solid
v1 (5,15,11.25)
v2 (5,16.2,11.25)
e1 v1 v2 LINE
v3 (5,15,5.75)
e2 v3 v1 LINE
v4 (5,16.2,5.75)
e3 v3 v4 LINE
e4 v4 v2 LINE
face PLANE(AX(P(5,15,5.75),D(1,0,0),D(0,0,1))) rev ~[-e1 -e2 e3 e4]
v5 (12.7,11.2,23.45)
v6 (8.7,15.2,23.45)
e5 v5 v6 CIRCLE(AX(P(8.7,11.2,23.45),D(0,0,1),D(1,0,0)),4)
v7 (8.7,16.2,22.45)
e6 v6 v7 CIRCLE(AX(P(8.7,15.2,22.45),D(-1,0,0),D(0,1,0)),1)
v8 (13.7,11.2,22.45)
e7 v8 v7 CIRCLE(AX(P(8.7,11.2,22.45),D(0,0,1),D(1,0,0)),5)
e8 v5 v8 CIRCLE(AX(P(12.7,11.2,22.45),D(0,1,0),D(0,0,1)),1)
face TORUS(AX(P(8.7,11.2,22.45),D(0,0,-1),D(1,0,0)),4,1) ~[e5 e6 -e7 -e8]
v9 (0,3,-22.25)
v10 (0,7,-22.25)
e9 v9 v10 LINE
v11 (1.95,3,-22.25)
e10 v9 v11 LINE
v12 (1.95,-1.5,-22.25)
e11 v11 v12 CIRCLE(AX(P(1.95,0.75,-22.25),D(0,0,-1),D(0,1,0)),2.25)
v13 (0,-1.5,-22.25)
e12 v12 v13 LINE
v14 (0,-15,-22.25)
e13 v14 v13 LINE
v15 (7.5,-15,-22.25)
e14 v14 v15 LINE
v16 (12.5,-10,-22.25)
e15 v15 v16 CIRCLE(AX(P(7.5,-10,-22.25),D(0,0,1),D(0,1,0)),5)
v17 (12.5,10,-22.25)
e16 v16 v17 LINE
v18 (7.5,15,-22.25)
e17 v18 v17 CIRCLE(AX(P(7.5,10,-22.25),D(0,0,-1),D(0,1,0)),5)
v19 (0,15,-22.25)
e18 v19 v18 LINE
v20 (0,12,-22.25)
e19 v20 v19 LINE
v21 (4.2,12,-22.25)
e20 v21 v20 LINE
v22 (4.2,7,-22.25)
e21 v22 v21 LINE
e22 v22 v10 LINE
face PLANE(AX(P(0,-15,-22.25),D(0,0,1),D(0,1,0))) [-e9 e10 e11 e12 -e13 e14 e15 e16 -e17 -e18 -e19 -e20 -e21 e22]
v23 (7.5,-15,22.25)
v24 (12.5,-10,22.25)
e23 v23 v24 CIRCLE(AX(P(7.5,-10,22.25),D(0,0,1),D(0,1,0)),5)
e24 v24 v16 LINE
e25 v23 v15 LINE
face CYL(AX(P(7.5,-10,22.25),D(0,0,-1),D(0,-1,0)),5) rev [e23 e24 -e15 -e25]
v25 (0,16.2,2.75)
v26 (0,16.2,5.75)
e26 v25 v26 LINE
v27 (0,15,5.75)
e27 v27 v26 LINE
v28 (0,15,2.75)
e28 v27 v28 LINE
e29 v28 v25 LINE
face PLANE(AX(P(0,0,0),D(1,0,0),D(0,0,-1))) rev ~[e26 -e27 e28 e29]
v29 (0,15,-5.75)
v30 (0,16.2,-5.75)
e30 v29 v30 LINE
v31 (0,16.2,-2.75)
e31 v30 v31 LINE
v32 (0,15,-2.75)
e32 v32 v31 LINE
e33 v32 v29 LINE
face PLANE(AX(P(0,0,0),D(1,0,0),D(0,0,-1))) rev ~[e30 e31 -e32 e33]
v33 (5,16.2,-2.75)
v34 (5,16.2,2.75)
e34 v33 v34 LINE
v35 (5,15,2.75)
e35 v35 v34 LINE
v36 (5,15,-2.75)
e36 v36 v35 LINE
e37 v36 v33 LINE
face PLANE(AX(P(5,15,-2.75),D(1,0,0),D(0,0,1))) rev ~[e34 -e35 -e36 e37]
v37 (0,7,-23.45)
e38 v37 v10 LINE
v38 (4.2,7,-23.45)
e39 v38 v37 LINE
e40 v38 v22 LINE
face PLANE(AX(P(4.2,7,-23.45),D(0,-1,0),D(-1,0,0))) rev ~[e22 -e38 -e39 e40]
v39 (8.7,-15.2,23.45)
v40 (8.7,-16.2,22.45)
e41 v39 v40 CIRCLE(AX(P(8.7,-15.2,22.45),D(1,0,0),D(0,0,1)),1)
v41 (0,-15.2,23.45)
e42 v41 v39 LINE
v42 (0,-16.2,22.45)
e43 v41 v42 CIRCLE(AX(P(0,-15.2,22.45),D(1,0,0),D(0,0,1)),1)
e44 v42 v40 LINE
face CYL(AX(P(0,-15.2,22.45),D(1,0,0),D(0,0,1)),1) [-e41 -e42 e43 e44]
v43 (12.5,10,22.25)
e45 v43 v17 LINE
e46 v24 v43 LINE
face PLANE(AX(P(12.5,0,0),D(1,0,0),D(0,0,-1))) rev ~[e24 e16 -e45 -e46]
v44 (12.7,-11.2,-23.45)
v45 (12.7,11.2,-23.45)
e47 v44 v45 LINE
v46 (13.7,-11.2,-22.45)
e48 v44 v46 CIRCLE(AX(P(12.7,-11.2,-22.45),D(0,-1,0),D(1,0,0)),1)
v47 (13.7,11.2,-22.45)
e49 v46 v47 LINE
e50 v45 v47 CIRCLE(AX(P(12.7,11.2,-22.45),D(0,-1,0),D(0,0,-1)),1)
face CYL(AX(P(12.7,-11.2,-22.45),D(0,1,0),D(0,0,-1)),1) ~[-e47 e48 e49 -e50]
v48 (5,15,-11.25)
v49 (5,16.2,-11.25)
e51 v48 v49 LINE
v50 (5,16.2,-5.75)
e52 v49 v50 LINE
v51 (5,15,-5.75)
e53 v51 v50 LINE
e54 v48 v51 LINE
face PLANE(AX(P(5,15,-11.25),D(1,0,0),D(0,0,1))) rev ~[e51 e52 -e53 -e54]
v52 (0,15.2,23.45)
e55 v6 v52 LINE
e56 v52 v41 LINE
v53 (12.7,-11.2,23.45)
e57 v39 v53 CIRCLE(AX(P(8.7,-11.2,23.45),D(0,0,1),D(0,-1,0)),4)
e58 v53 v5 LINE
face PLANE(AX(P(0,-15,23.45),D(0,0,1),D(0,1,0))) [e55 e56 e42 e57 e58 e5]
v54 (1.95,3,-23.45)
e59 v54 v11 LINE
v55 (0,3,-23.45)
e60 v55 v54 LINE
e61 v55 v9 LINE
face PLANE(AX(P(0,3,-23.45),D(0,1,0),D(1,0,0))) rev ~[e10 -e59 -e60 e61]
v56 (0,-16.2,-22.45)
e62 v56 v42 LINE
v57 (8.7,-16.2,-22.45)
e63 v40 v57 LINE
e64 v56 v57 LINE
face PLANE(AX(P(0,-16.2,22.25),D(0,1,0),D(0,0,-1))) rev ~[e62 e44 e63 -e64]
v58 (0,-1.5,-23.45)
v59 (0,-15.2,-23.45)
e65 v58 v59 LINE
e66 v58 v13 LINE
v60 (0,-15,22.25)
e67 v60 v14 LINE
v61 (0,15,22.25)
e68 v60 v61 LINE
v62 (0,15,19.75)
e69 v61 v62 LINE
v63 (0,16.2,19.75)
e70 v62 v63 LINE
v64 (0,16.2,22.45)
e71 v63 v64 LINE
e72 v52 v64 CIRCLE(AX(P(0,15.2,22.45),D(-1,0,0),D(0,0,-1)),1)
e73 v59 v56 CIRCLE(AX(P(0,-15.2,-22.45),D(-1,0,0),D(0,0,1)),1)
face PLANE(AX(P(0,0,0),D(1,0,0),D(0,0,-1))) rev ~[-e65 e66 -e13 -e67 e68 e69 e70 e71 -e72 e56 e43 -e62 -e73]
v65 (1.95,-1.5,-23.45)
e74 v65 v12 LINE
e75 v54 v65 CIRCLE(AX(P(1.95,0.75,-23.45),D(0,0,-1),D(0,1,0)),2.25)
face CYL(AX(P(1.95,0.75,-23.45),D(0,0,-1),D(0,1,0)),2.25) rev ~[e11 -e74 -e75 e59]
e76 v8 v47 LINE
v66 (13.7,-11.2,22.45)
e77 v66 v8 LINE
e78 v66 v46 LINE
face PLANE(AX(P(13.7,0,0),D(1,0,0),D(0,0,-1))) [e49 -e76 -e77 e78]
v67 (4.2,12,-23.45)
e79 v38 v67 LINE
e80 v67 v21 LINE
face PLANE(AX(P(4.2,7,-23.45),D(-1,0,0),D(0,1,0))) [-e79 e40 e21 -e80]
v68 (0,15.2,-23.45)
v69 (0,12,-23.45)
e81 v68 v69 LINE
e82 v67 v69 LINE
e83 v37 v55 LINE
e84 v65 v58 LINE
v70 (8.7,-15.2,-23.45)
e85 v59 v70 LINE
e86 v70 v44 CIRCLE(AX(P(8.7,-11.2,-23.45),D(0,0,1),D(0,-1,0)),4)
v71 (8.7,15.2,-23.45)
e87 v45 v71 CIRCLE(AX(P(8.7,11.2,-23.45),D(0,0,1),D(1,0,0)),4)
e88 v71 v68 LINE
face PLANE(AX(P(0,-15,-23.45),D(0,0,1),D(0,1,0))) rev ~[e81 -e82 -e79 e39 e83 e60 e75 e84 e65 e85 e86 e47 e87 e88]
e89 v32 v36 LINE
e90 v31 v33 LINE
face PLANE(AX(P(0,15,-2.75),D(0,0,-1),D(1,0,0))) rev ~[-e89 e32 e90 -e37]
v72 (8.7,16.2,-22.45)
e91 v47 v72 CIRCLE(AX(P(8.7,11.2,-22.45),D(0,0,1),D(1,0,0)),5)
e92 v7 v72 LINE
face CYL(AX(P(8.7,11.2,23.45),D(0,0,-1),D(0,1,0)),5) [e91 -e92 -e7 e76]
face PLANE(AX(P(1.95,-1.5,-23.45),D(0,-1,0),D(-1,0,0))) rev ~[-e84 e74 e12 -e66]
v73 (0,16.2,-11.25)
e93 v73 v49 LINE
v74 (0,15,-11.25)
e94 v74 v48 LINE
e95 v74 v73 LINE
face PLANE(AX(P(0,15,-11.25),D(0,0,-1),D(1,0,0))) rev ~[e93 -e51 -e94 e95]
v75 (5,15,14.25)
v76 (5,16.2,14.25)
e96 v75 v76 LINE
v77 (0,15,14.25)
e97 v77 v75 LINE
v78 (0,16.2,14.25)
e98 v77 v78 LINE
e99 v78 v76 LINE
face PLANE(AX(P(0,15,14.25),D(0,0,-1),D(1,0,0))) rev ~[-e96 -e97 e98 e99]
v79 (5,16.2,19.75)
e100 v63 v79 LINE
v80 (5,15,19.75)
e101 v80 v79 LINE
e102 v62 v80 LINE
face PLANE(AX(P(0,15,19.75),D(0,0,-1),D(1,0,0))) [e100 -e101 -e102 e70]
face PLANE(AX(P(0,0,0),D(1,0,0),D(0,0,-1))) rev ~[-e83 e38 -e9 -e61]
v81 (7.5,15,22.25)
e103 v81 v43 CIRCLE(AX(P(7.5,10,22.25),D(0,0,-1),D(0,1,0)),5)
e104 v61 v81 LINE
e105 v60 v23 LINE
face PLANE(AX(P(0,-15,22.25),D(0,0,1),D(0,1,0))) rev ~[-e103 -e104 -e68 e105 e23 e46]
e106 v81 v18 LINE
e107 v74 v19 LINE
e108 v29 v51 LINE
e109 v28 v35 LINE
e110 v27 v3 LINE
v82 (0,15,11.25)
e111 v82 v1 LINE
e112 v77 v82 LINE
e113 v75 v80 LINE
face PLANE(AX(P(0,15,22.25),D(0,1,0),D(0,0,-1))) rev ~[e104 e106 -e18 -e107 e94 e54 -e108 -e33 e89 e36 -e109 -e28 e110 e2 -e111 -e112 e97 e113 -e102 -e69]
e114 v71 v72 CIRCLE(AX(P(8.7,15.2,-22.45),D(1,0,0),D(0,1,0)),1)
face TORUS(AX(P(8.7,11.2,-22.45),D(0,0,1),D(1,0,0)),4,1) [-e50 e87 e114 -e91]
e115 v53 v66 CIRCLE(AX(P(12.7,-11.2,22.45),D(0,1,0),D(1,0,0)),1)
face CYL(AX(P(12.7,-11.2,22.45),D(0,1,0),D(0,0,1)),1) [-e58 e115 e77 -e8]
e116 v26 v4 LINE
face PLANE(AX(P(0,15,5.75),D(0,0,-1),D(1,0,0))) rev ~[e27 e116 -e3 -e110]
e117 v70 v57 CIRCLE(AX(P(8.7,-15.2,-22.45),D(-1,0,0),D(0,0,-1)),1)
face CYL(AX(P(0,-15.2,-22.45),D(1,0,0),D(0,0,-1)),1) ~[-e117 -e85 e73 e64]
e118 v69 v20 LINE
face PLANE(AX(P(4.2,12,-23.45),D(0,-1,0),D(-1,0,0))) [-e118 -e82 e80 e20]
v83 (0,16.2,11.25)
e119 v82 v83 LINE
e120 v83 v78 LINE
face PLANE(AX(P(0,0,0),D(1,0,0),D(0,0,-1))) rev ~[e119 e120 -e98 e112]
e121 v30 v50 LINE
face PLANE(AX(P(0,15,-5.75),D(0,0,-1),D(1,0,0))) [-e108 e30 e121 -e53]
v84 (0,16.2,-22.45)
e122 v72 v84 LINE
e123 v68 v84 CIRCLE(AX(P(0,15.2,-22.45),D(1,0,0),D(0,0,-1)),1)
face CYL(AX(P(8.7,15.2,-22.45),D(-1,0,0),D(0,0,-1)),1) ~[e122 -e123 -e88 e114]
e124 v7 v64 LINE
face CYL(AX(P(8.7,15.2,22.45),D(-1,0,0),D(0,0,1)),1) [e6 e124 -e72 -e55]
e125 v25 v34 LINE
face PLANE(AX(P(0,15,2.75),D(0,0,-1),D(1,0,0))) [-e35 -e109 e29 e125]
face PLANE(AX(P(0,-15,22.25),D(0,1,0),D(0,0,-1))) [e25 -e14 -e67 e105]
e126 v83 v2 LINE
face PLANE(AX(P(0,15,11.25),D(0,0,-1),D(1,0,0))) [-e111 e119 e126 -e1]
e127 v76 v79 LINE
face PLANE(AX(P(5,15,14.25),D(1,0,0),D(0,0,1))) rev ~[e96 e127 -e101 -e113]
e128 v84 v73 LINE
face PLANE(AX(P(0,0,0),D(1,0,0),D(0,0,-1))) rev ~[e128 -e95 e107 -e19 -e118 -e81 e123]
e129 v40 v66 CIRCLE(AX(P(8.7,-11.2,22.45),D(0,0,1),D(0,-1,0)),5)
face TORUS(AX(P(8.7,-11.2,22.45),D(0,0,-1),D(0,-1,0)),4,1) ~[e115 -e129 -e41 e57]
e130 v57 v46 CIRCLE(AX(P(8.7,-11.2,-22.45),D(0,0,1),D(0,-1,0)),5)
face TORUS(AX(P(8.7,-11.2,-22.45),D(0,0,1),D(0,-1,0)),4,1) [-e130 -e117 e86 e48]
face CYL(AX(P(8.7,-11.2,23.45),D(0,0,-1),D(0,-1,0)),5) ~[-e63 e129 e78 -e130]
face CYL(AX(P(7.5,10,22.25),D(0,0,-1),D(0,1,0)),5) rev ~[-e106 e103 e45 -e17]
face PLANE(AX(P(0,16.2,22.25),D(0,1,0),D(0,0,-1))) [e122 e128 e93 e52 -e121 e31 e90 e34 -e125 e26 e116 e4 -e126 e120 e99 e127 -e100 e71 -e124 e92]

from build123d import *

# Parameters (mm, degrees)
SKETCH1_W           = 44.5
SKETCH1_H           = 30
BOSS_EXTRUDE1_DEPTH = 12.5
SHELL2_T            = 1.2
SKETCH2_W           = 5
SKETCH2_H           = 5.5
CUT_EXTRUDE1_DEPTH  = 1.2
SKETCH3_W           = 4.2
SKETCH3_H           = 5
CUT_EXTRUDE2_DEPTH  = 1.2
FILLET1_R           = 5
FILLET3_R           = 1


with BuildPart() as part:
    # Sketch1 → Boss-Extrude1 (new body)
    with BuildSketch(Plane(origin=(0, 0, 0), x_dir=(0, 0, -1), z_dir=(1, 0, 0))):
        Rectangle(SKETCH1_W, SKETCH1_H)
    extrude(amount=BOSS_EXTRUDE1_DEPTH)

    # Shell2
    shell2_openings = [part.faces().sort_by_distance(p)[0] for p in [
        (0, 0, 0),
    ]]
    offset(amount=SHELL2_T, openings=shell2_openings, kind=Kind.INTERSECTION)

    # Sketch2 → Cut-Extrude1 (cut)
    with BuildSketch(Plane.XZ.offset(-15)):
        with Locations((2.5, 17)):
            Rectangle(SKETCH2_W, SKETCH2_H)
        with Locations((2.5, 8.5)):
            Rectangle(SKETCH2_W, SKETCH2_H)
        with Locations((2.5, 0)):
            Rectangle(SKETCH2_W, SKETCH2_H)
        with Locations((2.5, -8.5)):
            Rectangle(SKETCH2_W, SKETCH2_H)
    extrude(amount=-CUT_EXTRUDE1_DEPTH, mode=Mode.SUBTRACT)

    # Sketch3 → Cut-Extrude2 (cut)
    with BuildSketch(Plane(origin=(0, 0, -23.45), x_dir=(-1, 0, 0), z_dir=(0, 0, -1))):
        with BuildLine():
            Line((0, 3), (-1.95, 3))
            ThreePointArc((-1.95, 3), (-4.2, 0.75), (-1.95, -1.5))
            Line((-1.95, -1.5), (0, -1.5))
            Line((0, -1.5), (0, 3))
        make_face()
        with Locations((-2.1, 9.5)):
            Rectangle(SKETCH3_W, SKETCH3_H)
    extrude(amount=-CUT_EXTRUDE2_DEPTH, mode=Mode.SUBTRACT)

    # Fillet1
    fillet1_edges = [part.edges().sort_by_distance(p)[0] for p in [
        (13.7, -16.2, 0),
        (12.5, 15, 0),
        (12.5, -15, 0),
        (13.7, 16.2, 0),
    ]]
    fillet(fillet1_edges, radius=FILLET1_R)

    # Fillet3
    fillet3_edges = [part.edges().sort_by_distance(p)[0] for p in [
        (13.7, 0, -23.45),
        (13.7, 0, 23.45),
        (4.35, 16.2, -23.45),
        (4.35, -16.2, -23.45),
        (12.235533906, 14.735533906, -23.45),
        (12.235533906, -14.735533906, -23.45),
        (4.35, -16.2, 23.45),
        (4.35, 16.2, 23.45),
        (12.235533906, 14.735533906, 23.45),
        (12.235533906, -14.735533906, 23.45),
    ]]
    fillet(fillet3_edges, radius=FILLET3_R)


solid = part.part
